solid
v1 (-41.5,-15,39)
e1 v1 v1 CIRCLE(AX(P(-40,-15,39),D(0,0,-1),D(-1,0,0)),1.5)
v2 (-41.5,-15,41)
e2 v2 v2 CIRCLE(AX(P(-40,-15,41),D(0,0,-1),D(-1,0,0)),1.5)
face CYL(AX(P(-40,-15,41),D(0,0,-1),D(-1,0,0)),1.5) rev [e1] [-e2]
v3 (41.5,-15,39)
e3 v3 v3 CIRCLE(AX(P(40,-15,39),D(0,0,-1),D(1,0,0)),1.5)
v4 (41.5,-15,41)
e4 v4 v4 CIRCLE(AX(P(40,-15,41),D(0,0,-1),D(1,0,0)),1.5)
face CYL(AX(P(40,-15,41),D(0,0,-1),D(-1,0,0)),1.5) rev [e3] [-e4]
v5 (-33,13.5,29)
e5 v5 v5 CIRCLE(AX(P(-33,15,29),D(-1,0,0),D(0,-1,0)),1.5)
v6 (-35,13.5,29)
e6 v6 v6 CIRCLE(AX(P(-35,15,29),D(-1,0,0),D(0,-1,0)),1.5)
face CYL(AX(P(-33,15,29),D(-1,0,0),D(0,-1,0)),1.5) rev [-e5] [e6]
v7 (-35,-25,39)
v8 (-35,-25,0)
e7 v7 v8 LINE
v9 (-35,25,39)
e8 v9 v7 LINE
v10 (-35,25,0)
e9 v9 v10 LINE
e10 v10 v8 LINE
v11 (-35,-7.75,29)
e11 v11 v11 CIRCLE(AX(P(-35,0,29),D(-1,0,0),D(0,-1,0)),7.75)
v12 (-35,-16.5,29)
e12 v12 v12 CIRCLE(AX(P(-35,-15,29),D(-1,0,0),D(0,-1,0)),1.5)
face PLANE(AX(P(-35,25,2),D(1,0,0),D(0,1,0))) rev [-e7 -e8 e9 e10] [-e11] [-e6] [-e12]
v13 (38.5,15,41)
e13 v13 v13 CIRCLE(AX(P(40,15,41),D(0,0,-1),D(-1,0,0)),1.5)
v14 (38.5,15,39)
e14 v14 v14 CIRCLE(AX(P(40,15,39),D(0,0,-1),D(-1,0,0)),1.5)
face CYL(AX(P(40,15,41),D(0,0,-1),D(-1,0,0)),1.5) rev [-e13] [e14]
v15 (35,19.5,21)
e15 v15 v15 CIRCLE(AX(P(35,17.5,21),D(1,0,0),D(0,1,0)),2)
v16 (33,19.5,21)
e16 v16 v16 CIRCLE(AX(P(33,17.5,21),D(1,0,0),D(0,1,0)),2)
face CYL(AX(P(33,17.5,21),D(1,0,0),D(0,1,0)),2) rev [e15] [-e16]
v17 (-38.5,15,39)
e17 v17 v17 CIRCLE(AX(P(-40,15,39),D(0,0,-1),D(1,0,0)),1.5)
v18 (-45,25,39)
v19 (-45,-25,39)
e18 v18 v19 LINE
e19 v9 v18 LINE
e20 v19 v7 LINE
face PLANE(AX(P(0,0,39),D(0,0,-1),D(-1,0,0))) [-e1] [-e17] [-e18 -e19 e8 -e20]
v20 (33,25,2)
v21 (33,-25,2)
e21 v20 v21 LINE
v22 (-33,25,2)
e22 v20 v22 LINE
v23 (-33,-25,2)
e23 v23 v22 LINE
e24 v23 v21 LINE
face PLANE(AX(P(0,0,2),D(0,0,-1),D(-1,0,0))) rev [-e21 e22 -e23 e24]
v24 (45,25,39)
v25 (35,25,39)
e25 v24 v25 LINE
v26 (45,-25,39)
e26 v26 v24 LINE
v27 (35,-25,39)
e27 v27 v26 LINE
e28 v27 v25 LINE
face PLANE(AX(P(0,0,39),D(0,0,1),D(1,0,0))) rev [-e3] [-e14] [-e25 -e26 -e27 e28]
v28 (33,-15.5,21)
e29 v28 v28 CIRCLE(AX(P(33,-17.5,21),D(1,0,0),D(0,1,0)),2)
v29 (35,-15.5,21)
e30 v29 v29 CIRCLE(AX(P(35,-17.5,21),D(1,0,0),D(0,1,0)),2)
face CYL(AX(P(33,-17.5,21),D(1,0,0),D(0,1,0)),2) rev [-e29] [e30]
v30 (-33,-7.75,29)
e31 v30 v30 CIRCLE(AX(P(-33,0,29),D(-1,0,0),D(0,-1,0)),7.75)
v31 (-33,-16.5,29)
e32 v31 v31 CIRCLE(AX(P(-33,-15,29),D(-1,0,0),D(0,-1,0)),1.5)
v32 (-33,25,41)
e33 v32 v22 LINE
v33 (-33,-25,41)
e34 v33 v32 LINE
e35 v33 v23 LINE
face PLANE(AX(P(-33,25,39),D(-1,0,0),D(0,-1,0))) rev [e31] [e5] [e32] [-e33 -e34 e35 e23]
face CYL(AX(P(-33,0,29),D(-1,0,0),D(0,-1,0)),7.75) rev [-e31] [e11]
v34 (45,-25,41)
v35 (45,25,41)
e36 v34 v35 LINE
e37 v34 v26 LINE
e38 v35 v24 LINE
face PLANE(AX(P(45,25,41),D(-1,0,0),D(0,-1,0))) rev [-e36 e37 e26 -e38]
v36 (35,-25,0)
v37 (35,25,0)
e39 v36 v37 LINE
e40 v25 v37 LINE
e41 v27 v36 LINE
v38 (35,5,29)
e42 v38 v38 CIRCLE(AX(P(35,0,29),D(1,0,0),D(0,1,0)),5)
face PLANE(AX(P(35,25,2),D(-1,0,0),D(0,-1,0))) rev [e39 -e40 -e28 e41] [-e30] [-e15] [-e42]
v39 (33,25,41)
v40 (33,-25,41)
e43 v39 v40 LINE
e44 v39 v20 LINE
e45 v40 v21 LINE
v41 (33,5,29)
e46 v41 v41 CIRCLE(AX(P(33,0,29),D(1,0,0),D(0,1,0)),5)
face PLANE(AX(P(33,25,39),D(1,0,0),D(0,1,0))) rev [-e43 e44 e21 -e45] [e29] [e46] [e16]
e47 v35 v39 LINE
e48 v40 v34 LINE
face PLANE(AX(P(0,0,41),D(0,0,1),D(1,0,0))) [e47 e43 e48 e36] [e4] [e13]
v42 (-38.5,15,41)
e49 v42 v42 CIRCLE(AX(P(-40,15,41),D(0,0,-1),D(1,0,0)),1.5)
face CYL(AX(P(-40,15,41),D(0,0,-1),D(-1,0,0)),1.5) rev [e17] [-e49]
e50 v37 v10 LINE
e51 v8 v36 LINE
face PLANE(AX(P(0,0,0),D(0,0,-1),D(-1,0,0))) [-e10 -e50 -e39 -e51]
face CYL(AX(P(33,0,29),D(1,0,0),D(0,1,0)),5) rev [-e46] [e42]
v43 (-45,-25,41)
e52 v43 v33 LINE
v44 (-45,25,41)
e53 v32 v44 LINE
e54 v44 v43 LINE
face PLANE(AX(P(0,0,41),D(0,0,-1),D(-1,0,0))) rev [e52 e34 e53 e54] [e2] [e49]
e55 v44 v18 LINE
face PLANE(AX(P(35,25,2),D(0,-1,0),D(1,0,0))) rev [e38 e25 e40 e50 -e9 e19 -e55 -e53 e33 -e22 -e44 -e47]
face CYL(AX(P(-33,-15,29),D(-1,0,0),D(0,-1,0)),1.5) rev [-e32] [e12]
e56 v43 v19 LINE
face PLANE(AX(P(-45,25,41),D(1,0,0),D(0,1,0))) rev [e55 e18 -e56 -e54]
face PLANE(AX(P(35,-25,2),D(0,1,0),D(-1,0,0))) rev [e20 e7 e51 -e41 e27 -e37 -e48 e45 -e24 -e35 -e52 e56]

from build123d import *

# Parameters (mm, degrees)
SKETCH1_W           = 70
SKETCH1_H           = 50
BOSS_EXTRUDE1_DEPTH = 2
SKETCH2_W           = 2
SKETCH2_H           = 50
BOSS_EXTRUDE2_DEPTH = 37
SKETCH3_W           = 12
SKETCH3_H           = 50
BOSS_EXTRUDE3_DEPTH = 2
SKETCH4_R           = 5
SKETCH4_R_2         = 2
CUT_EXTRUDE1_DEPTH  = 2
SKETCH5_R           = 7.75
SKETCH5_R_2         = 1.5
CUT_EXTRUDE2_DEPTH  = 2
SKETCH6_R           = 1.5
CUT_EXTRUDE3_DEPTH  = 2


with BuildPart() as part:
    # Sketch1 → Boss-Extrude1 (new body)
    with BuildSketch(Plane.XY):
        Rectangle(SKETCH1_W, SKETCH1_H)
    extrude(amount=BOSS_EXTRUDE1_DEPTH)

    # Sketch2 → Boss-Extrude2 (add)
    with BuildSketch(Plane.XY.offset(2)):
        with Locations((34, 0)):
            Rectangle(SKETCH2_W, SKETCH2_H)
        with Locations((-34, 0)):
            Rectangle(SKETCH2_W, SKETCH2_H)
    extrude(amount=BOSS_EXTRUDE2_DEPTH)

    # Sketch3 → Boss-Extrude3 (add)
    with BuildSketch(Plane.XY.offset(39)):
        with Locations((39, 0)):
            Rectangle(SKETCH3_W, SKETCH3_H)
        with Locations((-39, 0)):
            Rectangle(SKETCH3_W, SKETCH3_H)
    extrude(amount=BOSS_EXTRUDE3_DEPTH)

    # Sketch4 → Cut-Extrude1 (cut)
    with BuildSketch(Plane(origin=(35, 0, 0), x_dir=(0, 0, -1), z_dir=(1, 0, 0))):
        with Locations(Location((-29, 0, 0), (0, 0, 90))):
            Circle(SKETCH4_R)
        with Locations(Location((-21, 17.5, 0), (0, 0, 90))):
            Circle(SKETCH4_R_2)
        with Locations(Location((-21, -17.5, 0), (0, 0, 90))):
            Circle(SKETCH4_R_2)
    extrude(amount=-CUT_EXTRUDE1_DEPTH, mode=Mode.SUBTRACT)

    # Sketch5 → Cut-Extrude2 (cut)
    with BuildSketch(Plane.ZY.offset(35)):
        with Locations(Location((29, 0, 0), (0, 0, 270))):
            Circle(SKETCH5_R)
        with Locations(Location((29, 15, 0), (0, 0, 270))):
            Circle(SKETCH5_R_2)
        with Locations(Location((29, -15, 0), (0, 0, 270))):
            Circle(SKETCH5_R_2)
    extrude(amount=-CUT_EXTRUDE2_DEPTH, mode=Mode.SUBTRACT)

    # Sketch6 → Cut-Extrude3 (cut)
    with BuildSketch(Plane(origin=(0, 0, 39), x_dir=(-1, 0, 0), z_dir=(0, 0, -1))):
        with Locations((-40, 15)):
            Circle(SKETCH6_R)
        with Locations(Location((-40, -15, 0), (0, 0, 180))):
            Circle(SKETCH6_R)
        with Locations((40, -15)):
            Circle(SKETCH6_R)
        with Locations(Location((40, 15, 0), (0, 0, 180))):
            Circle(SKETCH6_R)
    extrude(amount=-CUT_EXTRUDE3_DEPTH, mode=Mode.SUBTRACT)


solid = part.part
